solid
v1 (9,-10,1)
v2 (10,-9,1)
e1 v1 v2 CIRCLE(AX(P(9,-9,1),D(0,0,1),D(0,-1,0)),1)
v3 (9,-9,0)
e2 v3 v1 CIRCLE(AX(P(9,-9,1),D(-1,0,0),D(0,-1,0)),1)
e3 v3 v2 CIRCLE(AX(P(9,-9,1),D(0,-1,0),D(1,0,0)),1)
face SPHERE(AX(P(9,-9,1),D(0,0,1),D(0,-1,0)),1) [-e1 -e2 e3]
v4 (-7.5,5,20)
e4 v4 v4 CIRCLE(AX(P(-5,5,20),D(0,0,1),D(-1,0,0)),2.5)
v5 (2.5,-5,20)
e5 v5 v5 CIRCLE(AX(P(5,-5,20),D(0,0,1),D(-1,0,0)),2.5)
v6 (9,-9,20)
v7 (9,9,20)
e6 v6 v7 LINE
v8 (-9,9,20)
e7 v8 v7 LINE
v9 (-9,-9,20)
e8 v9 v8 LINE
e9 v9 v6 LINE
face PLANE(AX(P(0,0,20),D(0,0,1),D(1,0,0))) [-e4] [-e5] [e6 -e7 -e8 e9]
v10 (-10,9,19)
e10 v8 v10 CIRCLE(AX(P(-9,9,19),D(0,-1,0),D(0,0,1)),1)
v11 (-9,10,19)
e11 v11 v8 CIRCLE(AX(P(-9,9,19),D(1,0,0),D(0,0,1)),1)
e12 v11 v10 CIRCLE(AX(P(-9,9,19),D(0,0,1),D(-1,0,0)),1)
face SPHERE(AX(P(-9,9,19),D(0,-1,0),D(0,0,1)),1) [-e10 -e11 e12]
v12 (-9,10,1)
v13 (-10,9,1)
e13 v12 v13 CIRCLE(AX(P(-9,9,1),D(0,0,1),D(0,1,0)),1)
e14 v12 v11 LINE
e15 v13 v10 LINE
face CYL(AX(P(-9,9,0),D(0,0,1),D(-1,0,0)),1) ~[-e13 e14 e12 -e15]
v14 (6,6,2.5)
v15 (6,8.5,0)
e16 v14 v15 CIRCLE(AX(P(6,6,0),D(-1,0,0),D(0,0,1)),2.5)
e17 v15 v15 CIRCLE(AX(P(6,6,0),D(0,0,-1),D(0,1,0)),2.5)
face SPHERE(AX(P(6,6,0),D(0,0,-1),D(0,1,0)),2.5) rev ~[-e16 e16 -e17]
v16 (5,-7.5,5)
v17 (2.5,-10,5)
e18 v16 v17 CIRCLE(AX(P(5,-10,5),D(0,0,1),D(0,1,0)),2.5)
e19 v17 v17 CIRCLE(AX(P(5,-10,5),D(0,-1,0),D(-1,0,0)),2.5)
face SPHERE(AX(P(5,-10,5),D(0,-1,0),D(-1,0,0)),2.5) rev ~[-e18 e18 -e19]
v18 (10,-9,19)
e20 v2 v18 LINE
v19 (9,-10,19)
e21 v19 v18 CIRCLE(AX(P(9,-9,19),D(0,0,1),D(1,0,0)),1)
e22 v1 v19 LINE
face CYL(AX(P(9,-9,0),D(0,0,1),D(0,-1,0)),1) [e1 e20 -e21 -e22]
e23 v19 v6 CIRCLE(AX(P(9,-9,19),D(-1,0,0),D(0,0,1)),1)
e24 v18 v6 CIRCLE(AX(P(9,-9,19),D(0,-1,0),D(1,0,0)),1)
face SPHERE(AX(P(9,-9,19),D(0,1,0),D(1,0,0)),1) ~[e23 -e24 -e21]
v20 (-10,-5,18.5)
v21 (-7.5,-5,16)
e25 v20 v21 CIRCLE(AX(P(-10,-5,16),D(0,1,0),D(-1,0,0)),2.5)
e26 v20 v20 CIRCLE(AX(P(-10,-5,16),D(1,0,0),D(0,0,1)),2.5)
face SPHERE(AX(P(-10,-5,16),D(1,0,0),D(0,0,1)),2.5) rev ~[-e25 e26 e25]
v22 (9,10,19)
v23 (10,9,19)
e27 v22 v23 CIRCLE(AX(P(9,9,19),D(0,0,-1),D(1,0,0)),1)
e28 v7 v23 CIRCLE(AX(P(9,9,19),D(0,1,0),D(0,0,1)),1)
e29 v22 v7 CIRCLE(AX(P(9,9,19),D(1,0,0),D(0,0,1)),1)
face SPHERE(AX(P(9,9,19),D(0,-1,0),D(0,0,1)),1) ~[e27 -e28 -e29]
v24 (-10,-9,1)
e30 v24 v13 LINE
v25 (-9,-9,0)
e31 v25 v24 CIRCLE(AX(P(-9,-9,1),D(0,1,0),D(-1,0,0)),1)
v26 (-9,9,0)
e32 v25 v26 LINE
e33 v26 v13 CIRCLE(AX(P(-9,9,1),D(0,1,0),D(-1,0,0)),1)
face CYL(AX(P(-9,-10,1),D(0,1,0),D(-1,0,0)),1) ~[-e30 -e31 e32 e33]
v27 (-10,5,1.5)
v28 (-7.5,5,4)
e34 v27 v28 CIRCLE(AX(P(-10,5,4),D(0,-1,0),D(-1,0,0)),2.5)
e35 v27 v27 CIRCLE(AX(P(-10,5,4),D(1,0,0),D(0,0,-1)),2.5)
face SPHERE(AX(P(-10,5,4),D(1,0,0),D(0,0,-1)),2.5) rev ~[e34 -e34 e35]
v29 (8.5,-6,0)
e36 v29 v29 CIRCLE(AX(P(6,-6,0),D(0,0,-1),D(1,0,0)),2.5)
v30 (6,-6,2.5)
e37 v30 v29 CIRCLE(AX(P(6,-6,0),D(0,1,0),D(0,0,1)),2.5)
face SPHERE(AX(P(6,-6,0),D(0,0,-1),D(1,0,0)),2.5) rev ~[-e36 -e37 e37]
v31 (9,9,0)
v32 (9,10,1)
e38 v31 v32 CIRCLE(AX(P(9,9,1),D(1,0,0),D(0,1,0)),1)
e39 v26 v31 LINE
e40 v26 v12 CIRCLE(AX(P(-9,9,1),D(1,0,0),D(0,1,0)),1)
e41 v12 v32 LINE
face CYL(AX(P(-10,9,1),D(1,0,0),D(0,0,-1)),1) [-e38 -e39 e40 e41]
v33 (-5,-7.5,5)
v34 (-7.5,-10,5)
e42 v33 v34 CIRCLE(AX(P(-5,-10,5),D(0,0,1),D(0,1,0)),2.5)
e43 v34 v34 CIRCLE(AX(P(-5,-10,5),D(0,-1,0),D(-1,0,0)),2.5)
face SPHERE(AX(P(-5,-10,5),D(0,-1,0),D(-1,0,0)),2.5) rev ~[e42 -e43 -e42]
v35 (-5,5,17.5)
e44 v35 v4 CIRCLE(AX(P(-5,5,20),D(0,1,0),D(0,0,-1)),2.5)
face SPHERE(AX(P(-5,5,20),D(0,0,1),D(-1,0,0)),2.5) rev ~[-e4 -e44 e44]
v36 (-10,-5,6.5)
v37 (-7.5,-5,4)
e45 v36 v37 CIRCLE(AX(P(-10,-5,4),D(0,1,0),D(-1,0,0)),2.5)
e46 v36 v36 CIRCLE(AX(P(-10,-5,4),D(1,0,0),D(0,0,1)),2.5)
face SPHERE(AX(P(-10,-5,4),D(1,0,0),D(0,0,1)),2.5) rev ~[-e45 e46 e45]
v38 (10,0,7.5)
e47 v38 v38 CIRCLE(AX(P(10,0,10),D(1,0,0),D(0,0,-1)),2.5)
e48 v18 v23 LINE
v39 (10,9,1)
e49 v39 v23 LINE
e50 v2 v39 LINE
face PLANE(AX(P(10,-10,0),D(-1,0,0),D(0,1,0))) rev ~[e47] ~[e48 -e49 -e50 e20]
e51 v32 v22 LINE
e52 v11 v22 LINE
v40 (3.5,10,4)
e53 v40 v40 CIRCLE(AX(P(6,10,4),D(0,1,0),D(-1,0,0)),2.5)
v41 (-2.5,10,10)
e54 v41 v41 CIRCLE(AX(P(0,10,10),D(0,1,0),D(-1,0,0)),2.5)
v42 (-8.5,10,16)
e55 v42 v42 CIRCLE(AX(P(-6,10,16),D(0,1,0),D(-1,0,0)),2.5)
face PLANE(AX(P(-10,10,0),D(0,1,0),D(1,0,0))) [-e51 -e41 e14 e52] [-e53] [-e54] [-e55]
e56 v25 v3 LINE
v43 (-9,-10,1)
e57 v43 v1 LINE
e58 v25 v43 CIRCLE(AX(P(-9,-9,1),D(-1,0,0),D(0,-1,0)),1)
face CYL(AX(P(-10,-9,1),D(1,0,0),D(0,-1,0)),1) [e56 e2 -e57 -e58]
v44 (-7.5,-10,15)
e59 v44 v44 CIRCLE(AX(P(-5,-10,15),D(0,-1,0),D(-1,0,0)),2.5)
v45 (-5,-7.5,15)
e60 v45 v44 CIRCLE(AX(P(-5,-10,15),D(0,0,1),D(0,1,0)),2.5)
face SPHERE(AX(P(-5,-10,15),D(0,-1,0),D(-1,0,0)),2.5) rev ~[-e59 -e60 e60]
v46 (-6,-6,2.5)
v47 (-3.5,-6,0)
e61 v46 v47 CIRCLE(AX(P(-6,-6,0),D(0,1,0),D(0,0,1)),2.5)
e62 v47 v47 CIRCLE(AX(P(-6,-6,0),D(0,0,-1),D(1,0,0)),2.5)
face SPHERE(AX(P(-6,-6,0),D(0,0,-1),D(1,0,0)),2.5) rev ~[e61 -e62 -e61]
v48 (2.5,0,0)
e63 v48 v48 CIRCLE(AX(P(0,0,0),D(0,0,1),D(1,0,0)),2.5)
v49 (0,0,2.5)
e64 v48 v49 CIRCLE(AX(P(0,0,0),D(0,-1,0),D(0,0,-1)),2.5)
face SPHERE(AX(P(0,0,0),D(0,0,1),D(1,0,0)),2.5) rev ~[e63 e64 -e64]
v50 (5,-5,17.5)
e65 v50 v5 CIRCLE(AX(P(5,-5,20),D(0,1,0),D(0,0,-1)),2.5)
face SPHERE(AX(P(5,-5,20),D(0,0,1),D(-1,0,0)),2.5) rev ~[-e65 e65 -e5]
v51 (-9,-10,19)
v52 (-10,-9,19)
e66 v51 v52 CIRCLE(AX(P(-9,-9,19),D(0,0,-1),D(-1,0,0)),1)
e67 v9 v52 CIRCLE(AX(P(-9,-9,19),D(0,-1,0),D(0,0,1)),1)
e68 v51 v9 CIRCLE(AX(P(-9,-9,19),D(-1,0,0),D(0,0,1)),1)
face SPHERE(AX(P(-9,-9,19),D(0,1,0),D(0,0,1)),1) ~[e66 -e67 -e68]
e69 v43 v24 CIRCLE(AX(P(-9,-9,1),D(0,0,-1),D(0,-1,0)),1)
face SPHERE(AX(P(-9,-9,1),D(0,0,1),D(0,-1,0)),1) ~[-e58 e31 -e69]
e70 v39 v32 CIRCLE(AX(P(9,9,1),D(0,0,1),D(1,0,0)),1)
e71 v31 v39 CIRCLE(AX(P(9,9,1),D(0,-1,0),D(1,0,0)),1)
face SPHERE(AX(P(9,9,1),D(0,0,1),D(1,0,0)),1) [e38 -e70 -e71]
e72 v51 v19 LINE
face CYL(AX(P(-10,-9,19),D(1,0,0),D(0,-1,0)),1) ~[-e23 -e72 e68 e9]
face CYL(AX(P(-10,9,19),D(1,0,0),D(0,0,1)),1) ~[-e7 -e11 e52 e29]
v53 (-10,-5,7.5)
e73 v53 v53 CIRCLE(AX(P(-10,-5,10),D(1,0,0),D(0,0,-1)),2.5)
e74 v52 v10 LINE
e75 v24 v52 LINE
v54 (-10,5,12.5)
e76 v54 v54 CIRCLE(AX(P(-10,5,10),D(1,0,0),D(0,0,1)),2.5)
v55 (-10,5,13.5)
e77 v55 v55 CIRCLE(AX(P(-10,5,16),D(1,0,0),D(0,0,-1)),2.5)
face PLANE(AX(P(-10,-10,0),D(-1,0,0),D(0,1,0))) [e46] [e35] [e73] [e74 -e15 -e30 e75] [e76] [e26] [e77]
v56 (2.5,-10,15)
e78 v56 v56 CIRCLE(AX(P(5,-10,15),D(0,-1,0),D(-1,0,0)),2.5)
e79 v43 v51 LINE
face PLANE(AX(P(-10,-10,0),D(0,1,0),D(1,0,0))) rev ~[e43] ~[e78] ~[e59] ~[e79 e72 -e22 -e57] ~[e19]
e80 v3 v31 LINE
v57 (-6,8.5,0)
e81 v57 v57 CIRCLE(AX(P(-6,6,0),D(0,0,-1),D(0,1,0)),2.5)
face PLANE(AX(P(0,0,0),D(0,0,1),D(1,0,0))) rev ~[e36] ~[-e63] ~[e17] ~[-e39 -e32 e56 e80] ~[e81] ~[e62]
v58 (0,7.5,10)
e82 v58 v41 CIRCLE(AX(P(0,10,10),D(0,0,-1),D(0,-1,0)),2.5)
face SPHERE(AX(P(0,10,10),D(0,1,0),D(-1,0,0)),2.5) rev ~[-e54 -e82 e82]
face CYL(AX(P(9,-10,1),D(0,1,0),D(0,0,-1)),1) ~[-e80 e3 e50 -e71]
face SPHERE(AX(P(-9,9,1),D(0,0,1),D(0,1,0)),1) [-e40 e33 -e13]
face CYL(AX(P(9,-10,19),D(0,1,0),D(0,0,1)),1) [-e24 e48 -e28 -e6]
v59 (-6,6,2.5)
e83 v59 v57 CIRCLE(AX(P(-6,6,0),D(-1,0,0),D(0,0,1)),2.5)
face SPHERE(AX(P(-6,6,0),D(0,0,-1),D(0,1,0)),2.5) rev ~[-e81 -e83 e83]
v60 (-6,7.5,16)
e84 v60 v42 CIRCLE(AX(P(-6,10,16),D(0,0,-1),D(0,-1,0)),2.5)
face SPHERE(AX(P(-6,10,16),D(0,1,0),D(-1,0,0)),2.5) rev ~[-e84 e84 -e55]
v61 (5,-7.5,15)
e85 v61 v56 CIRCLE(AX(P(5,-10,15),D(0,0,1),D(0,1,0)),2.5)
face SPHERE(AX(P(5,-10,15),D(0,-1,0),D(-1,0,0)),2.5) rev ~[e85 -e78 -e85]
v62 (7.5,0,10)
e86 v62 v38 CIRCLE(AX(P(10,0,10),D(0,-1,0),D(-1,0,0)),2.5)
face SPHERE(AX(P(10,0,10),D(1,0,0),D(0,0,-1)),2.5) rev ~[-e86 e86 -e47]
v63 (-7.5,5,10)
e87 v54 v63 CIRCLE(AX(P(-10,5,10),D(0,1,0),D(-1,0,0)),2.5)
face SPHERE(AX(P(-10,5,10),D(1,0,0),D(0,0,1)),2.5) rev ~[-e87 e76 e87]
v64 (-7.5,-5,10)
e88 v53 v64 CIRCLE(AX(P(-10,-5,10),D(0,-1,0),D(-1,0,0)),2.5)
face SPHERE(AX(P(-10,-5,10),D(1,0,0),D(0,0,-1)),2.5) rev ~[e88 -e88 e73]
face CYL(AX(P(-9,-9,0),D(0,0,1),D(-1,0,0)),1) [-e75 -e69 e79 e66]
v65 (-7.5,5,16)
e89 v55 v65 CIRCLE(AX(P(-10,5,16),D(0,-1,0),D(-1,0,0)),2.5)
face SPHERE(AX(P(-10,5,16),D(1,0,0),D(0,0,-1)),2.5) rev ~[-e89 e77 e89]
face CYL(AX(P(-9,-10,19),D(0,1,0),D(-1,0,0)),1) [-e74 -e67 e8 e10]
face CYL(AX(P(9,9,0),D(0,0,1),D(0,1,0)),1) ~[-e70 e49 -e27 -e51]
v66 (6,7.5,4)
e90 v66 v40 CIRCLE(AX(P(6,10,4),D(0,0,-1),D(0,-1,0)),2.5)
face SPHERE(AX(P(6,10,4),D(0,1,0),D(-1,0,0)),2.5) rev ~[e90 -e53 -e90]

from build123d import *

# Parameters (mm, degrees)
SKETCH_W  = 20
SKETCH_H  = 20
PAD_DEPTH = 20
FILLET_R  = 1


with BuildPart() as part:
    # Sketch → Pad (new body)
    with BuildSketch(Plane.XY):
        Rectangle(SKETCH_W, SKETCH_H)
    extrude(amount=PAD_DEPTH)

    # Sphere015 → Sphere015 (revolve, cut)
    with BuildSketch(Plane(origin=(-10, 5, 4), x_dir=(0, 0, -1), z_dir=(0, -1, 0))):
        with BuildLine():
            ThreePointArc((0, -2.5), (2.5, 0), (0, 2.5))
            Line((0, 2.5), (0, -2.5))
        make_face()
    revolve(axis=Axis((-10, 5, 4), (1, 0, 0)), mode=Mode.SUBTRACT)

    # Sphere016 → Sphere016 (revolve, cut)
    with BuildSketch(Plane(origin=(-10, -5, 4), x_dir=(0, 0, 1), z_dir=(0, 1, 0))):
        with BuildLine():
            ThreePointArc((0, -2.5), (2.5, 0), (0, 2.5))
            Line((0, 2.5), (0, -2.5))
        make_face()
    revolve(axis=Axis((-10, -5, 4), (1, 0, 0)), mode=Mode.SUBTRACT)

    # Sphere017 → Sphere017 (revolve, cut)
    with BuildSketch(Plane(origin=(-10, -5, 10), x_dir=(0, 0, -1), z_dir=(0, -1, 0))):
        with BuildLine():
            ThreePointArc((0, -2.5), (2.5, 0), (0, 2.5))
            Line((0, 2.5), (0, -2.5))
        make_face()
    revolve(axis=Axis((-10, -5, 10), (1, 0, 0)), mode=Mode.SUBTRACT)

    # Sphere018 → Sphere018 (revolve, cut)
    with BuildSketch(Plane(origin=(-10, -5, 16), x_dir=(0, 0, 1), z_dir=(0, 1, 0))):
        with BuildLine():
            ThreePointArc((0, -2.5), (2.5, 0), (0, 2.5))
            Line((0, 2.5), (0, -2.5))
        make_face()
    revolve(axis=Axis((-10, -5, 16), (1, 0, 0)), mode=Mode.SUBTRACT)

    # Sphere019 → Sphere019 (revolve, cut)
    with BuildSketch(Plane(origin=(-10, 5, 16), x_dir=(0, 0, -1), z_dir=(0, -1, 0))):
        with BuildLine():
            ThreePointArc((0, -2.5), (2.5, 0), (0, 2.5))
            Line((0, 2.5), (0, -2.5))
        make_face()
    revolve(axis=Axis((-10, 5, 16), (1, 0, 0)), mode=Mode.SUBTRACT)

    # Sphere020 → Sphere020 (revolve, cut)
    with BuildSketch(Plane(origin=(-10, 5, 10), x_dir=(0, 0, 1), z_dir=(0, 1, 0))):
        with BuildLine():
            ThreePointArc((0, -2.5), (2.5, 0), (0, 2.5))
            Line((0, 2.5), (0, -2.5))
        make_face()
    revolve(axis=Axis((-10, 5, 10), (1, 0, 0)), mode=Mode.SUBTRACT)

    # Sphere → Sphere (revolve, cut)
    with BuildSketch(Plane(origin=(-6, 6, 0), x_dir=(0, 1, 0), z_dir=(-1, 0, 0))):
        with BuildLine():
            ThreePointArc((0, -2.5), (2.5, 0), (0, 2.5))
            Line((0, 2.5), (0, -2.5))
        make_face()
    revolve(axis=Axis((-6, 6, 0), (0, 0, -1)), mode=Mode.SUBTRACT)

    # Sphere021 → Sphere021 (revolve, cut)
    with BuildSketch(Plane(origin=(6, 6, 0), x_dir=(0, 1, 0), z_dir=(-1, 0, 0))):
        with BuildLine():
            ThreePointArc((0, -2.5), (2.5, 0), (0, 2.5))
            Line((0, 2.5), (0, -2.5))
        make_face()
    revolve(axis=Axis((6, 6, 0), (0, 0, -1)), mode=Mode.SUBTRACT)

    # Sphere022 → Sphere022 (revolve, cut)
    with BuildSketch(Plane.XZ):
        with BuildLine():
            ThreePointArc((0, -2.5), (2.5, 0), (0, 2.5))
            Line((0, 2.5), (0, -2.5))
        make_face()
    revolve(axis=Axis((0, 0, 0), (0, 0, 1)), mode=Mode.SUBTRACT)

    # Sphere023 → Sphere023 (revolve, cut)
    with BuildSketch(Plane(origin=(-6, -6, 0), x_dir=(1, 0, 0), z_dir=(0, 1, 0))):
        with BuildLine():
            ThreePointArc((0, -2.5), (2.5, 0), (0, 2.5))
            Line((0, 2.5), (0, -2.5))
        make_face()
    revolve(axis=Axis((-6, -6, 0), (0, 0, -1)), mode=Mode.SUBTRACT)

    # Sphere024 → Sphere024 (revolve, cut)
    with BuildSketch(Plane(origin=(6, -6, 0), x_dir=(1, 0, 0), z_dir=(0, 1, 0))):
        with BuildLine():
            ThreePointArc((0, -2.5), (2.5, 0), (0, 2.5))
            Line((0, 2.5), (0, -2.5))
        make_face()
    revolve(axis=Axis((6, -6, 0), (0, 0, -1)), mode=Mode.SUBTRACT)

    # Sphere025 → Sphere025 (revolve, cut)
    with BuildSketch(Plane(origin=(5, -10, 5), x_dir=(-1, 0, 0), z_dir=(0, 0, 1))):
        with BuildLine():
            ThreePointArc((0, -2.5), (2.5, 0), (0, 2.5))
            Line((0, 2.5), (0, -2.5))
        make_face()
    revolve(axis=Axis((5, -10, 5), (0, -1, 0)), mode=Mode.SUBTRACT)

    # Sphere026 → Sphere026 (revolve, cut)
    with BuildSketch(Plane(origin=(-5, -10, 5), x_dir=(-1, 0, 0), z_dir=(0, 0, 1))):
        with BuildLine():
            ThreePointArc((0, -2.5), (2.5, 0), (0, 2.5))
            Line((0, 2.5), (0, -2.5))
        make_face()
    revolve(axis=Axis((-5, -10, 5), (0, -1, 0)), mode=Mode.SUBTRACT)

    # Sphere027 → Sphere027 (revolve, cut)
    with BuildSketch(Plane(origin=(-5, -10, 15), x_dir=(-1, 0, 0), z_dir=(0, 0, 1))):
        with BuildLine():
            ThreePointArc((0, -2.5), (2.5, 0), (0, 2.5))
            Line((0, 2.5), (0, -2.5))
        make_face()
    revolve(axis=Axis((-5, -10, 15), (0, -1, 0)), mode=Mode.SUBTRACT)

    # Sphere028 → Sphere028 (revolve, cut)
    with BuildSketch(Plane(origin=(5, -10, 15), x_dir=(-1, 0, 0), z_dir=(0, 0, 1))):
        with BuildLine():
            ThreePointArc((0, -2.5), (2.5, 0), (0, 2.5))
            Line((0, 2.5), (0, -2.5))
        make_face()
    revolve(axis=Axis((5, -10, 15), (0, -1, 0)), mode=Mode.SUBTRACT)

    # Sphere029 → Sphere029 (revolve, cut)
    with BuildSketch(Plane(origin=(5, -5, 20), x_dir=(-1, 0, 0), z_dir=(0, 1, 0))):
        with BuildLine():
            ThreePointArc((0, -2.5), (2.5, 0), (0, 2.5))
            Line((0, 2.5), (0, -2.5))
        make_face()
    revolve(axis=Axis((5, -5, 20), (0, 0, 1)), mode=Mode.SUBTRACT)

    # Sphere030 → Sphere030 (revolve, cut)
    with BuildSketch(Plane(origin=(-5, 5, 20), x_dir=(-1, 0, 0), z_dir=(0, 1, 0))):
        with BuildLine():
            ThreePointArc((0, -2.5), (2.5, 0), (0, 2.5))
            Line((0, 2.5), (0, -2.5))
        make_face()
    revolve(axis=Axis((-5, 5, 20), (0, 0, 1)), mode=Mode.SUBTRACT)

    # Sphere031 → Sphere031 (revolve, cut)
    with BuildSketch(Plane(origin=(-6, 10, 16), x_dir=(-1, 0, 0), z_dir=(0, 0, -1))):
        with BuildLine():
            ThreePointArc((0, -2.5), (2.5, 0), (0, 2.5))
            Line((0, 2.5), (0, -2.5))
        make_face()
    revolve(axis=Axis((-6, 10, 16), (0, 1, 0)), mode=Mode.SUBTRACT)

    # Sphere032 → Sphere032 (revolve, cut)
    with BuildSketch(Plane(origin=(0, 10, 10), x_dir=(-1, 0, 0), z_dir=(0, 0, -1))):
        with BuildLine():
            ThreePointArc((0, -2.5), (2.5, 0), (0, 2.5))
            Line((0, 2.5), (0, -2.5))
        make_face()
    revolve(axis=Axis((0, 10, 10), (0, 1, 0)), mode=Mode.SUBTRACT)

    # Sphere033 → Sphere033 (revolve, cut)
    with BuildSketch(Plane(origin=(6, 10, 4), x_dir=(-1, 0, 0), z_dir=(0, 0, -1))):
        with BuildLine():
            ThreePointArc((0, -2.5), (2.5, 0), (0, 2.5))
            Line((0, 2.5), (0, -2.5))
        make_face()
    revolve(axis=Axis((6, 10, 4), (0, 1, 0)), mode=Mode.SUBTRACT)

    # Sphere034 → Sphere034 (revolve, cut)
    with BuildSketch(Plane(origin=(10, 0, 10), x_dir=(0, 0, -1), z_dir=(0, -1, 0))):
        with BuildLine():
            ThreePointArc((0, -2.5), (2.5, 0), (0, 2.5))
            Line((0, 2.5), (0, -2.5))
        make_face()
    revolve(axis=Axis((10, 0, 10), (1, 0, 0)), mode=Mode.SUBTRACT)

    # Fillet
    fillet_edges = [part.edges().sort_by_distance(p)[0] for p in [
        (10, 0, 20),
        (10, -10, 10),
        (-10, 0, 20),
        (0, -10, 20),
        (0, 10, 20),
        (10, 10, 10),
        (-10, 10, 10),
        (-10, -10, 10),
        (0, -10, 0),
        (10, 0, 0),
        (0, 10, 0),
        (-10, 0, 0),
    ]]
    fillet(fillet_edges, radius=FILLET_R)


solid = part.part
